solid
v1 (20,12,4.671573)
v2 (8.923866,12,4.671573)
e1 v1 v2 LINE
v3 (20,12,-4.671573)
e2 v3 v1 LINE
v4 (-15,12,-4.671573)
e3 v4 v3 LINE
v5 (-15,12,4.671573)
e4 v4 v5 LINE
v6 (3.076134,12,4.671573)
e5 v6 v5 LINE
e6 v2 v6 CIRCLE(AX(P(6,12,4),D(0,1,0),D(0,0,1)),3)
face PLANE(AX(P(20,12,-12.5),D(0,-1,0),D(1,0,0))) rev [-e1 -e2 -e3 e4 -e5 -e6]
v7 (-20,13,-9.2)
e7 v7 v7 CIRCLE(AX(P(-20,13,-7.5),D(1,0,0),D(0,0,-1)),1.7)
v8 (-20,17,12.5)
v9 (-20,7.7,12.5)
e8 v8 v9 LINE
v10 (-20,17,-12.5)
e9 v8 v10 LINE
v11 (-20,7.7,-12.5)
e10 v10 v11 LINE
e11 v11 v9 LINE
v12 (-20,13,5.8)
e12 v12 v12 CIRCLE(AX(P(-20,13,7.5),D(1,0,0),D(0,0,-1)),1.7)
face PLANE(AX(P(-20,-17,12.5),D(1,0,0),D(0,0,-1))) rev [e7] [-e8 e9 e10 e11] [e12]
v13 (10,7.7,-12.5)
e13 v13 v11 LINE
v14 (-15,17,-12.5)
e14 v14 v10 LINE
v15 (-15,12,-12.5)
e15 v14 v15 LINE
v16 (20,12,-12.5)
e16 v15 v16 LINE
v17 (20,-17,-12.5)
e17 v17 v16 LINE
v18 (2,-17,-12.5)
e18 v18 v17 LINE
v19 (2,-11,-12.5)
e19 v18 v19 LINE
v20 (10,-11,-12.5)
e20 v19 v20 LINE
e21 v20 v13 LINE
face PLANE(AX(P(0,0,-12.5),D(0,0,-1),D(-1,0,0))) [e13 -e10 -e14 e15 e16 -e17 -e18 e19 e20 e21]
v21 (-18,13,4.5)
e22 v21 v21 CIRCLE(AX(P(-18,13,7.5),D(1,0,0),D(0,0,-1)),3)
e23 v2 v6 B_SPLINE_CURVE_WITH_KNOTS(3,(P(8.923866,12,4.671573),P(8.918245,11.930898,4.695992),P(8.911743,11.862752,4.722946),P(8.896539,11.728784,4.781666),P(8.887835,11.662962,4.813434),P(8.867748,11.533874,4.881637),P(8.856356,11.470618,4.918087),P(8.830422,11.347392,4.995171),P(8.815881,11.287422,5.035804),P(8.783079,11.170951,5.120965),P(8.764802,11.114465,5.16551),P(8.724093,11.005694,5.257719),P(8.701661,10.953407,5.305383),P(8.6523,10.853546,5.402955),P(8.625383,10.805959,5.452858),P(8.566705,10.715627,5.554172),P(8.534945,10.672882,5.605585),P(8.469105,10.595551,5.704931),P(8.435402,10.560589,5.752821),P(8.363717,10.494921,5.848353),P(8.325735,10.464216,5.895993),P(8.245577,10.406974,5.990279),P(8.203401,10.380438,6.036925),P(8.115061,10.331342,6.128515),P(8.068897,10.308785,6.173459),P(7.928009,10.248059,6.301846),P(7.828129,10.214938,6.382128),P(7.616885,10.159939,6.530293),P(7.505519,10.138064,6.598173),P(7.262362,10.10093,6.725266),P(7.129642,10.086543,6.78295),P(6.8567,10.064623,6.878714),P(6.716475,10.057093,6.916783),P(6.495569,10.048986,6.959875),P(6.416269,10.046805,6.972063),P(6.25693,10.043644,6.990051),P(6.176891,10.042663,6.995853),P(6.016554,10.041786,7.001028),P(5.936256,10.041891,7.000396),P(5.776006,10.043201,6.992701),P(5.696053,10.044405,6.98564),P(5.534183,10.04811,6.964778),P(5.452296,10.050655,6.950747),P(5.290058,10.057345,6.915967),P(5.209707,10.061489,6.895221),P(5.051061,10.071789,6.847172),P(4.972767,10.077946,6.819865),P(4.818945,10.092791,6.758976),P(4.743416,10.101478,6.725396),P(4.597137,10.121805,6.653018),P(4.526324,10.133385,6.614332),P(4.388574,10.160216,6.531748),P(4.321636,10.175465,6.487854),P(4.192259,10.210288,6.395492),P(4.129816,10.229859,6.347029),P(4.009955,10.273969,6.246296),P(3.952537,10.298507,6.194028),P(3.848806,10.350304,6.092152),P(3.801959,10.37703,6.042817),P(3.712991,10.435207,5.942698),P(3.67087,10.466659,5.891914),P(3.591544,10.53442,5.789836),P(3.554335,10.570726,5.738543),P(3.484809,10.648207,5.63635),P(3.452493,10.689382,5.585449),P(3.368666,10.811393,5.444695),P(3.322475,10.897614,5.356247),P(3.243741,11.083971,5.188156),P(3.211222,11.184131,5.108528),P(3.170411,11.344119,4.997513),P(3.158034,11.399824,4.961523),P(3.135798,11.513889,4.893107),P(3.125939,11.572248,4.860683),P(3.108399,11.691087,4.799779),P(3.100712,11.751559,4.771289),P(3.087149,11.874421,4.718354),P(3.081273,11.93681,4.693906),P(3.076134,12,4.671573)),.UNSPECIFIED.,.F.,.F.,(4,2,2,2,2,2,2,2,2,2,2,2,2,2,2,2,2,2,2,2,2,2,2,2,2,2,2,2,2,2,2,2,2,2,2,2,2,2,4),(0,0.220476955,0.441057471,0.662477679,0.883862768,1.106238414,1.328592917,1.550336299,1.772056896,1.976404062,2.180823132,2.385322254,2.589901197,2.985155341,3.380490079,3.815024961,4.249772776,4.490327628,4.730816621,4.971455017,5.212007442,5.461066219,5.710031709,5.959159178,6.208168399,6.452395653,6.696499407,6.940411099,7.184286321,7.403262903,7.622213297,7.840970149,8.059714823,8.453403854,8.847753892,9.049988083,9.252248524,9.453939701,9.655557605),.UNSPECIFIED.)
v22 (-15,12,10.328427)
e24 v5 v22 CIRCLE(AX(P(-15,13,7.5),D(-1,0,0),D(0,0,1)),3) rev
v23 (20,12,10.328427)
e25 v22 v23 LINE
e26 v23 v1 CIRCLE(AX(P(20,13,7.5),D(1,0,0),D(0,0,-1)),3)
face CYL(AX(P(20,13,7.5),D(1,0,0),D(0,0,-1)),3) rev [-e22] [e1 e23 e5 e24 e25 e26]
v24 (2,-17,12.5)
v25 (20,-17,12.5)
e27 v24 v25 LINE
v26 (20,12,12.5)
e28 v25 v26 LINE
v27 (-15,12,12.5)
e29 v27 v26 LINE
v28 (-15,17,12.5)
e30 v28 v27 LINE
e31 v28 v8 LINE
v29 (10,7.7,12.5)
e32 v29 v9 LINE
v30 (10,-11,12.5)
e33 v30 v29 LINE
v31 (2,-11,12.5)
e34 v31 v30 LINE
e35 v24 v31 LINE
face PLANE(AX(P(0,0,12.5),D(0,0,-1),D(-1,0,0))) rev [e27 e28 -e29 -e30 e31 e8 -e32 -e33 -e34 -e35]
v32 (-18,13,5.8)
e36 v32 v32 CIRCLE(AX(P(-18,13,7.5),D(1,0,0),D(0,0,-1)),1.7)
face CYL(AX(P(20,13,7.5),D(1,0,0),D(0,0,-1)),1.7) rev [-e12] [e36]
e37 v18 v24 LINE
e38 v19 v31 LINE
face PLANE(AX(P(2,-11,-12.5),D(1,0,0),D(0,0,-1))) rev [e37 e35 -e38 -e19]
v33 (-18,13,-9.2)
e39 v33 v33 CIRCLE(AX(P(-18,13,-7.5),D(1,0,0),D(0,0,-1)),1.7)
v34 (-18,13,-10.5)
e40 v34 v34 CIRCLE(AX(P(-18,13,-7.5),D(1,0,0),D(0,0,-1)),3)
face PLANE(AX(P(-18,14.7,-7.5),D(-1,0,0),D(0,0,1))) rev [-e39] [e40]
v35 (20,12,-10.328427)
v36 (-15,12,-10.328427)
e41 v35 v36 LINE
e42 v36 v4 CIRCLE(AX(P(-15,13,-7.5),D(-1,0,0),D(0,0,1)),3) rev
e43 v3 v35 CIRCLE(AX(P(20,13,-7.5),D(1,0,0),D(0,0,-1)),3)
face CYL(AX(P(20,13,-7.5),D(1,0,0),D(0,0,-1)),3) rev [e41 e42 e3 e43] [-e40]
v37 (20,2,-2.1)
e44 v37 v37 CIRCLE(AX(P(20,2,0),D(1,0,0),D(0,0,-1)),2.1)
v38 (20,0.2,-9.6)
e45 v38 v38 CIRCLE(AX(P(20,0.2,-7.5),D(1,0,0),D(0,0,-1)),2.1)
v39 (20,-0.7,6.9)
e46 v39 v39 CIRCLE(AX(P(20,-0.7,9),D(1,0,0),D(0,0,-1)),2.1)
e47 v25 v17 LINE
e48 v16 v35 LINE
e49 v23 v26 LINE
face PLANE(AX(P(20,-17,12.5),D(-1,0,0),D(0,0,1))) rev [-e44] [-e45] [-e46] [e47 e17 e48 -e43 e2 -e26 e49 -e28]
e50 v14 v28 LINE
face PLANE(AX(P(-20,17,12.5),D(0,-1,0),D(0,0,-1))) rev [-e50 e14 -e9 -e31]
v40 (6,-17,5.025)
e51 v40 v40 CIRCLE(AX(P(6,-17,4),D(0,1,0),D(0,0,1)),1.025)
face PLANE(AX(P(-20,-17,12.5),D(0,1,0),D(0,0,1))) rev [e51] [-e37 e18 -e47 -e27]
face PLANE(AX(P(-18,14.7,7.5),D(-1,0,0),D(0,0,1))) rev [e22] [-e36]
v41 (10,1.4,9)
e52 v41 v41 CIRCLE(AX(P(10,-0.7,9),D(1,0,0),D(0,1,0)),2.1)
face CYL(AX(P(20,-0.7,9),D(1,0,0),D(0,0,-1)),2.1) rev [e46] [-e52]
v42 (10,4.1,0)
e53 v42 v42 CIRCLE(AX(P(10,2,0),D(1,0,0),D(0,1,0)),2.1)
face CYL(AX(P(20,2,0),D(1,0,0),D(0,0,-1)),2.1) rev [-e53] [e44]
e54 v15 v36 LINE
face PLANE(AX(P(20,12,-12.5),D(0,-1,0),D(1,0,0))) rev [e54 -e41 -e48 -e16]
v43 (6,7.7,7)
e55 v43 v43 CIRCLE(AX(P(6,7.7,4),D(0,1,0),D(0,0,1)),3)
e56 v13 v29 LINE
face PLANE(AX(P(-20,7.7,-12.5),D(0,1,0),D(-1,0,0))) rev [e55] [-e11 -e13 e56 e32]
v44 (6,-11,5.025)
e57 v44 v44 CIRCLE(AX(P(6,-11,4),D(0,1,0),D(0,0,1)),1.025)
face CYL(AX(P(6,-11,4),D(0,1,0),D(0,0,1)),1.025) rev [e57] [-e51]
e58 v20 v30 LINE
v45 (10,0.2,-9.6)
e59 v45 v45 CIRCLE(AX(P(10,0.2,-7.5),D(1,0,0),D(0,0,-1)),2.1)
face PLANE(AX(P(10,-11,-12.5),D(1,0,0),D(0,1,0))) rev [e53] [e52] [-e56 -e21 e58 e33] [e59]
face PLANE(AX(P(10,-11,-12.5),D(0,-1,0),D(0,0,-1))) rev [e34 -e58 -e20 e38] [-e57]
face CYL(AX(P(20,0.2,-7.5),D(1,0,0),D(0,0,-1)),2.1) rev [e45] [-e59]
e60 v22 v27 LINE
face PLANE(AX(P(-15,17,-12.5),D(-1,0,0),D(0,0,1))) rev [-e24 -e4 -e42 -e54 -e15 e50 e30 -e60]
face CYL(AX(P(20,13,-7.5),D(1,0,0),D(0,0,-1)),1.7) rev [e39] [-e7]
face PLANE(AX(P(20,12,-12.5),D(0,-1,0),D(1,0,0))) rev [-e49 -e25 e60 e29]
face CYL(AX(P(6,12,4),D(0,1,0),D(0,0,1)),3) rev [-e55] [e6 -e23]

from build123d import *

# Parameters (mm, degrees)
SKETCH_1_W                = 40
SKETCH_1_H                = 34
EXTRUDE_1_DEPTH           = 12.5
HOLE_WIZARD_1_D           = 3.4
HOLE_WIZARD_1_CBORE_D     = 6
HOLE_WIZARD_1_CBORE_DEPTH = 38
SKETCH_2_W                = 35
SKETCH_2_H                = 5
CUT_EXTRUDE_1_DEPTH       = 37.249137921
HOLE_WIZARD_M2_5_1_D      = 2.05
HOLE_WIZARD_M2_5_1_DEPTH  = 6
HOLE_WIZARD_M5_1_D        = 4.2
HOLE_WIZARD_1_2_REACH     = 39.38
HOLE_WIZARD_1_2_BORE_R    = 3
HOLE_WIZARD_2_D           = 4.2


with BuildPart() as part:
    # 草图1 → 凸台-拉伸1 (new, symmetric)
    with BuildSketch(Plane.XY):
        Rectangle(SKETCH_1_W, SKETCH_1_H)
    extrude(amount=EXTRUDE_1_DEPTH, both=True)

    # Hole Wizard 1 (through all)
    with Locations(Plane(origin=(20, -11.097573199, 8.576816528), x_dir=(0, 0, -1), z_dir=(1, 0, 0))):
        with Locations((1.076816528, 24.097573199), (16.076816528, 24.097573199)):
            CounterBoreHole(HOLE_WIZARD_1_D / 2, HOLE_WIZARD_1_CBORE_D / 2, HOLE_WIZARD_1_CBORE_DEPTH)

    # 草图2 → 切除-拉伸1 (cut, through all)
    with BuildSketch(Plane.XY.offset(12.5)):
        with Locations((2.5, 14.5)):
            Rectangle(SKETCH_2_W, SKETCH_2_H)
        Polygon((-20, -17), (2, -17), (2, -11), (10, -11), (10, 7.7), (-20, 7.7), align=None)
    extrude(amount=-CUT_EXTRUDE_1_DEPTH, mode=Mode.SUBTRACT)

    # M2.5 螺纹孔1
    with Locations(Plane(origin=(23.183007196, -11, -17.133988824), x_dir=(0, 0, -1), z_dir=(0, 1, 0))):
        with Locations((-21.133988824, 17.183007196)):
            Hole(HOLE_WIZARD_M2_5_1_D / 2, depth=HOLE_WIZARD_M2_5_1_DEPTH)

    # M5 螺纹孔1 (through all)
    with Locations(Plane(origin=(20, 0, 0), x_dir=(0, 0, -1), z_dir=(1, 0, 0))):
        with Locations((0, 2), (-9, -0.7)):
            Hole(HOLE_WIZARD_M5_1_D / 2)

    # Hole Wizard 1 2 bore → Hole Wizard 1 2 (cut, up to next)
    with BuildSketch(Plane(origin=(0, 12, 0), x_dir=(1, 0, 0), z_dir=(0, 1, 0)), mode=Mode.PRIVATE) as hole_wizard_1_2_sk1:
        with Locations((6, -4)):
            Circle(HOLE_WIZARD_1_2_BORE_R)
    hole_wizard_1_2_tool1 = extrude(hole_wizard_1_2_sk1.sketch, amount=-HOLE_WIZARD_1_2_REACH, mode=Mode.PRIVATE) & part.part
    add(hole_wizard_1_2_tool1.solids().sort_by_distance((6, 12, 4))[0], mode=Mode.SUBTRACT)

    # 孔2 (through all)
    with Locations(Plane(origin=(20, 0, 0), x_dir=(0, 0, -1), z_dir=(1, 0, 0))):
        with Locations((7.5, 0.2)):
            Hole(HOLE_WIZARD_2_D / 2)


solid = part.part
